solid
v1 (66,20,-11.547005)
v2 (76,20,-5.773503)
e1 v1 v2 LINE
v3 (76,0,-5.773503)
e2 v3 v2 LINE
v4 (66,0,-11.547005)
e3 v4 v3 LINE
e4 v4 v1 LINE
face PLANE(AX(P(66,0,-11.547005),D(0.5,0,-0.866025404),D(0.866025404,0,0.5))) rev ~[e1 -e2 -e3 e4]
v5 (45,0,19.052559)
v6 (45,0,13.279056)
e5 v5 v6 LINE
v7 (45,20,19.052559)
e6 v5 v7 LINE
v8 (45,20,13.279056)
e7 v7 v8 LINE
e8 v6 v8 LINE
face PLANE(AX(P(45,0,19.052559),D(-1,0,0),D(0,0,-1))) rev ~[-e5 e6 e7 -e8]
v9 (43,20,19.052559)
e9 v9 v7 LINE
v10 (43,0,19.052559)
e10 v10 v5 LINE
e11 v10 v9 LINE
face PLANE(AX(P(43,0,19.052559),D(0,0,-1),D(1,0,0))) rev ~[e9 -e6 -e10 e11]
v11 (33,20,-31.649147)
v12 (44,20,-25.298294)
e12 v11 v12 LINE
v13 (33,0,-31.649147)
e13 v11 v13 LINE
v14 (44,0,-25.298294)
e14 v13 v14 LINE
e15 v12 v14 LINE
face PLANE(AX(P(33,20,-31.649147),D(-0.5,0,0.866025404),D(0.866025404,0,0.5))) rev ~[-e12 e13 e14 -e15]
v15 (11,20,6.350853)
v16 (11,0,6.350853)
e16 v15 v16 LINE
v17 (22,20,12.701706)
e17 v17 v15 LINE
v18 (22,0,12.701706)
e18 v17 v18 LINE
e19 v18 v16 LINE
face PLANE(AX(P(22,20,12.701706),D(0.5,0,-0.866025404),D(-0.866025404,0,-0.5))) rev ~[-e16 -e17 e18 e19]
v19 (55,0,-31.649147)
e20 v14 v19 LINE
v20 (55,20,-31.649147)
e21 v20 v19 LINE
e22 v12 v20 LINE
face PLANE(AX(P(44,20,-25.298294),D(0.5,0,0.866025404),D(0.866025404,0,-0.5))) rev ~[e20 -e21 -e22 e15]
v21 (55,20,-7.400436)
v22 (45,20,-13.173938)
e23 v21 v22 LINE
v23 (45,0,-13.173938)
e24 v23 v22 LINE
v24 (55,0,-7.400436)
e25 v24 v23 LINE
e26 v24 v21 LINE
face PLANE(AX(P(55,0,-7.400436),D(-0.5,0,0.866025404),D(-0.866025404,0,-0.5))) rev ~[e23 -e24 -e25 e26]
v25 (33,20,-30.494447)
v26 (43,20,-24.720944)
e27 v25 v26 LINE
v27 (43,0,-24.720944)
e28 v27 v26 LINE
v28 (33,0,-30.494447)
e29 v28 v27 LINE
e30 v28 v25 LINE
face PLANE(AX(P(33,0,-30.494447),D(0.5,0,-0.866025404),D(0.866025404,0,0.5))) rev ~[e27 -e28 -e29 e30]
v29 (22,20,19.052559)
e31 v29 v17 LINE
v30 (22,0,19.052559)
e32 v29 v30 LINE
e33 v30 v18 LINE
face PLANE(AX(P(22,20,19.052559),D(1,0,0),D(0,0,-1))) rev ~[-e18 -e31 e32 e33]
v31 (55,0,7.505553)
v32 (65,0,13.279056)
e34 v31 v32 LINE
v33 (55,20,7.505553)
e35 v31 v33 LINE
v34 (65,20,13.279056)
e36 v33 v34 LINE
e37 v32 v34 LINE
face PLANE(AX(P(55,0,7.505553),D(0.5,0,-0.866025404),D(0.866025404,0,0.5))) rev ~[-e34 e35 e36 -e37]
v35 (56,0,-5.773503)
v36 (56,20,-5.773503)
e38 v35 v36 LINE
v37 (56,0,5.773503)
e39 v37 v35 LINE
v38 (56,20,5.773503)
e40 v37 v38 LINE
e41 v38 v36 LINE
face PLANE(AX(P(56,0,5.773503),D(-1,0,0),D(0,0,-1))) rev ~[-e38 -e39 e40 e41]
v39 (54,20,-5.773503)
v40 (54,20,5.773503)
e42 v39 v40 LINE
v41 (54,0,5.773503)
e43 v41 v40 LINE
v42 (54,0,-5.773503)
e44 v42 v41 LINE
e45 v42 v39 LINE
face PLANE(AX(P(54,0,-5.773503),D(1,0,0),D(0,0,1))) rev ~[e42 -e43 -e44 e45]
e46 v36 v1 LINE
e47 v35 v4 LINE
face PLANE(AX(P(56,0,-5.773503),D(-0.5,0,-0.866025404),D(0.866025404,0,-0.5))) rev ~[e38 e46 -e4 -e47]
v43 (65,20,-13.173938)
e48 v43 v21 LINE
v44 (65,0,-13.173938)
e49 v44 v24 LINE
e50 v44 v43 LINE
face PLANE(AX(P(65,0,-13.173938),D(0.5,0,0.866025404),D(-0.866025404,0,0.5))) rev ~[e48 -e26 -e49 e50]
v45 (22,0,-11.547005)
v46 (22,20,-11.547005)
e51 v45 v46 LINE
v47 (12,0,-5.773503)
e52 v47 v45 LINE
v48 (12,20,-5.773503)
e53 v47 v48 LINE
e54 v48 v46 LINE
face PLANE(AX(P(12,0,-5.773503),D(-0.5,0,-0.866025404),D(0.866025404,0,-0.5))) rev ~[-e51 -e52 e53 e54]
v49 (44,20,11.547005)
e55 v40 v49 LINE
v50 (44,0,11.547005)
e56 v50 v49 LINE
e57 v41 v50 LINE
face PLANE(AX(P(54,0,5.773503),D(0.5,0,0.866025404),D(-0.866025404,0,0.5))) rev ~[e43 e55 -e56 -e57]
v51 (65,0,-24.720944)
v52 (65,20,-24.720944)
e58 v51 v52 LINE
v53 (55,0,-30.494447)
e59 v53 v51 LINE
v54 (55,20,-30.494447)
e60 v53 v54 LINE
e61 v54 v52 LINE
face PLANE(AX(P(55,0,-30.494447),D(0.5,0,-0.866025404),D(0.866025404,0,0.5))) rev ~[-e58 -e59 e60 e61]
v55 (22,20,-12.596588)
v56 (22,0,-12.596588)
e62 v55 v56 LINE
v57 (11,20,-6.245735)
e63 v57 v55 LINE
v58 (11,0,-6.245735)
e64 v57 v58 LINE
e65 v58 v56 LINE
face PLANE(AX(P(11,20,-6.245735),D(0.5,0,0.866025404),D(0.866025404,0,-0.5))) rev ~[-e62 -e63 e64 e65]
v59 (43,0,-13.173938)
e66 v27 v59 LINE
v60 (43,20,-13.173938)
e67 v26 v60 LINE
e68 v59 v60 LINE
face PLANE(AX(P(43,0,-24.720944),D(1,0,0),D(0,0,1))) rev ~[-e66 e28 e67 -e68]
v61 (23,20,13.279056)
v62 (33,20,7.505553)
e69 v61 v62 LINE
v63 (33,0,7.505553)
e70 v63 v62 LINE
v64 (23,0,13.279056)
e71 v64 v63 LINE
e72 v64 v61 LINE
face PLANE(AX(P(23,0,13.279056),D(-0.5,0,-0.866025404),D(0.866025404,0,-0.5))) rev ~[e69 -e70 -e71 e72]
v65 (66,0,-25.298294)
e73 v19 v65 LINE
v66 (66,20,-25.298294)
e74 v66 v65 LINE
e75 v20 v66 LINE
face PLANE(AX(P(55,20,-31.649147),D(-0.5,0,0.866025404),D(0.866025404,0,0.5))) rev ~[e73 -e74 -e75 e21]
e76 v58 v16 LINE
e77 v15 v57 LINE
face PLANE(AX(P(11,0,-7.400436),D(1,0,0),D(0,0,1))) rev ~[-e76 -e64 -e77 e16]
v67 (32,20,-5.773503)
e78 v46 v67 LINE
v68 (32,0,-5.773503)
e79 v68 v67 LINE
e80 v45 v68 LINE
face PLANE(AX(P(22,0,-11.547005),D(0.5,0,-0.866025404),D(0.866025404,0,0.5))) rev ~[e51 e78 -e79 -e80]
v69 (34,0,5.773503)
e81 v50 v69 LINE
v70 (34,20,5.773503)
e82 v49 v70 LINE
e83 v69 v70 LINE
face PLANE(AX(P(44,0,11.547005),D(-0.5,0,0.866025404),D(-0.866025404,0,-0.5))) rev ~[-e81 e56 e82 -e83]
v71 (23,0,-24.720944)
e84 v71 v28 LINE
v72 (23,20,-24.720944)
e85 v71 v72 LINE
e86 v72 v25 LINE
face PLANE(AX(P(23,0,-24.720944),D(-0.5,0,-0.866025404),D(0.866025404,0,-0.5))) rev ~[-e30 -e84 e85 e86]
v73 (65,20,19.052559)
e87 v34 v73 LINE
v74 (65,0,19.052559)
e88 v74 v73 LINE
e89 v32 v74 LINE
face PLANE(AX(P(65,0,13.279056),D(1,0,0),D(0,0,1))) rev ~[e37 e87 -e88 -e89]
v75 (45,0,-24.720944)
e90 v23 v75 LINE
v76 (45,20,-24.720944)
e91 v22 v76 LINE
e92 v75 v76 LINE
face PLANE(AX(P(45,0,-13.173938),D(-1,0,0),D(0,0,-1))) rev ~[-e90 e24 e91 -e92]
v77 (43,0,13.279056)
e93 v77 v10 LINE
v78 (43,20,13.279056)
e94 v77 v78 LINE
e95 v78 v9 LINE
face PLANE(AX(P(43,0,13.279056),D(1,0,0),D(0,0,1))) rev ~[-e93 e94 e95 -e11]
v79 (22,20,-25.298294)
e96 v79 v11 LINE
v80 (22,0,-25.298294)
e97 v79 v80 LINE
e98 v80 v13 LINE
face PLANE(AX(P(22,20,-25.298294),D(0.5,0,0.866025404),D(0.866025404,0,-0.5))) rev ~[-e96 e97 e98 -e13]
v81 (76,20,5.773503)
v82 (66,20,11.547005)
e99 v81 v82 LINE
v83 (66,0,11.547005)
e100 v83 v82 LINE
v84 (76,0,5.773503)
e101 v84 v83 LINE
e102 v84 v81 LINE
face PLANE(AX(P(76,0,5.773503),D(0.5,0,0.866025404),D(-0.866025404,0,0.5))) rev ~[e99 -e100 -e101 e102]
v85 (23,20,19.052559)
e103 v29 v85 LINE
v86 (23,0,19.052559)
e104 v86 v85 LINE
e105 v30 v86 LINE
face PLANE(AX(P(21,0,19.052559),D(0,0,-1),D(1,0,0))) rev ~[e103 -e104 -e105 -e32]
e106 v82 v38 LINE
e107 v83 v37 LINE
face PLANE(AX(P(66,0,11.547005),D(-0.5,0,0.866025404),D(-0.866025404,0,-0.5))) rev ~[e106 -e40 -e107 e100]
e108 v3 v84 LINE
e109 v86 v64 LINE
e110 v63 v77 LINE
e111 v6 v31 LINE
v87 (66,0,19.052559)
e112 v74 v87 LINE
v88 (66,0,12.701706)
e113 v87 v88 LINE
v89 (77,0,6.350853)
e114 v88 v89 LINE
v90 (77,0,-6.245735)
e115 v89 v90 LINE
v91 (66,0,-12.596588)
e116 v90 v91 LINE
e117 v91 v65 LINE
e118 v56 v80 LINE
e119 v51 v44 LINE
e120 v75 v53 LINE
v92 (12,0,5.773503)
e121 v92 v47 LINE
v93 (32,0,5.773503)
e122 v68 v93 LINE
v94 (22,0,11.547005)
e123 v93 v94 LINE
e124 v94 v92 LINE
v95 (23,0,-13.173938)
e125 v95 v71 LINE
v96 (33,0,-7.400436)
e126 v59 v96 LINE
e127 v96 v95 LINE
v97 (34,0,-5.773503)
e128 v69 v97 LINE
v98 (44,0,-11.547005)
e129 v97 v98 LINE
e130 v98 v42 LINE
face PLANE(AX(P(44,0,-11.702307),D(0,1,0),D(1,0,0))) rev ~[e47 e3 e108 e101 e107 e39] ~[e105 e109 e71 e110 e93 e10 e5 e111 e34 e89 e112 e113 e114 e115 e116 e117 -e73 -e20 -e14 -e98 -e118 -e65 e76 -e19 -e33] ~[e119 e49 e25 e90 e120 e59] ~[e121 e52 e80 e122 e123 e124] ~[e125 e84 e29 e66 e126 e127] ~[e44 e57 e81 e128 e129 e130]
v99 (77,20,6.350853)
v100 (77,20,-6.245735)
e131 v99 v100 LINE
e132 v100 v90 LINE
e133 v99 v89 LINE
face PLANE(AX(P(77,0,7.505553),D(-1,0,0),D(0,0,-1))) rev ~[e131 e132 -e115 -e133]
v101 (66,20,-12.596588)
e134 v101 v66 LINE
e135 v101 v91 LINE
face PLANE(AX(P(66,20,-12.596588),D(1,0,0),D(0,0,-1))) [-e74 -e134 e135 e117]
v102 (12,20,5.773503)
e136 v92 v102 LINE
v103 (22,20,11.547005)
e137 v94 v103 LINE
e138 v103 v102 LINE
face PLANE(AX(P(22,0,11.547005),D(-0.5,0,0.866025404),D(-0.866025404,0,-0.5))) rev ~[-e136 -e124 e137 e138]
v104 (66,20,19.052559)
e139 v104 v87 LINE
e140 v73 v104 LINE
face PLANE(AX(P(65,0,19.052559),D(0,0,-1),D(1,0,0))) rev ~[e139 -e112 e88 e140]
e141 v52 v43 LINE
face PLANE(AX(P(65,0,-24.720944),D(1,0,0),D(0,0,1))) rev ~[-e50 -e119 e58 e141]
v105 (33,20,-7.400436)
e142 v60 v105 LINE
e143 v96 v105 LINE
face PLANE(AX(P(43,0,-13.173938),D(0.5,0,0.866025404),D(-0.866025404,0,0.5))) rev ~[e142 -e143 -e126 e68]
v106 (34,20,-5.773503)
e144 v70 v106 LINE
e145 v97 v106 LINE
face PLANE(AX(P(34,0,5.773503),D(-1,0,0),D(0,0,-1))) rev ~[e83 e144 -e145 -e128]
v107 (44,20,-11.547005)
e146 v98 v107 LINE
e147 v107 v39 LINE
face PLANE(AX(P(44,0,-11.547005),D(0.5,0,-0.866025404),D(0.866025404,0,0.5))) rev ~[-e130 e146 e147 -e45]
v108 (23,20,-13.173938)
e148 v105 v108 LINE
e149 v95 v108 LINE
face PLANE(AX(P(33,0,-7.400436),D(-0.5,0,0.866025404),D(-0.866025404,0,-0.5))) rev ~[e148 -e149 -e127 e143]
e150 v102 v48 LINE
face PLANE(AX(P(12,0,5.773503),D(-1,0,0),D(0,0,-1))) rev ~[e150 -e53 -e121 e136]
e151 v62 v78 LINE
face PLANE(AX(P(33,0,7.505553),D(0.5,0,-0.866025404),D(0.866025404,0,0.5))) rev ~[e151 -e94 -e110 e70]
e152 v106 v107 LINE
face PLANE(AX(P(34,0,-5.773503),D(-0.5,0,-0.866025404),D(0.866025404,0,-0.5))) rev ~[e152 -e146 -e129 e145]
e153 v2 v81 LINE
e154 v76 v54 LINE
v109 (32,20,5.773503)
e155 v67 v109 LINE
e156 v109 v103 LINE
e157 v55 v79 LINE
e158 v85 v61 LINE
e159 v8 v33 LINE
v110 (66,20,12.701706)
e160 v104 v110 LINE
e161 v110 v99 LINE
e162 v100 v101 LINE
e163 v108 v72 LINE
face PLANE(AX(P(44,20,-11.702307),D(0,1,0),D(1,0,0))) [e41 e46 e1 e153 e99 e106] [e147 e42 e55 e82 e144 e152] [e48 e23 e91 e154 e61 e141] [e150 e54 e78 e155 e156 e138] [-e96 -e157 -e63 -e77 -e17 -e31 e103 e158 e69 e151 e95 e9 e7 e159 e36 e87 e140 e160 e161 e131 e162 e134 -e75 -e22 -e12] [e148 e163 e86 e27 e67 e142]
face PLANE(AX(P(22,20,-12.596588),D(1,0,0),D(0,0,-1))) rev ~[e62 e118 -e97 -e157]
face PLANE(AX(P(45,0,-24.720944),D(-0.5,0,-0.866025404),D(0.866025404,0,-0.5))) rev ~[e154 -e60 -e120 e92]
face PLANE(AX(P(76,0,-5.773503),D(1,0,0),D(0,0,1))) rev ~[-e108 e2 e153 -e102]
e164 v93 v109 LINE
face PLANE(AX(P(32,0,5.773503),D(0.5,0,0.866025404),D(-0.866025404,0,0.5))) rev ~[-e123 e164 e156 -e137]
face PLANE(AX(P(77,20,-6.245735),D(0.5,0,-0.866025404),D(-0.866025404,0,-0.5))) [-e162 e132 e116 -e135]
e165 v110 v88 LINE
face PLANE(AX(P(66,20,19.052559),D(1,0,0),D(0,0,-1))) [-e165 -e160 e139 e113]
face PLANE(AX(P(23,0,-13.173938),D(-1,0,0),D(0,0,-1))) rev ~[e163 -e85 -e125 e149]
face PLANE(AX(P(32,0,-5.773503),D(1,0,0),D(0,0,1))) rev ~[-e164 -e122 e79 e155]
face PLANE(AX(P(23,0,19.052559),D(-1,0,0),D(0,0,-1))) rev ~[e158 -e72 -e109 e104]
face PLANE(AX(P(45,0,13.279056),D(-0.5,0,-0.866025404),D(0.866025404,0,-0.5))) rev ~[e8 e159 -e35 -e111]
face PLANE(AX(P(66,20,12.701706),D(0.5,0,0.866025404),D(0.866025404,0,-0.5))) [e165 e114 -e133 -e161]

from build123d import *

# Parameters (mm, degrees)
BOSS_EXTRUDE2_DEPTH = 20
CUT_EXTRUDE1_DEPTH  = 21
CUT_EXTRUDE2_DEPTH  = 21


with BuildPart() as part:
    # Sketch1 → Boss-Extrude2 (new body)
    with BuildSketch(Plane(origin=(0, 0, 0), x_dir=(1, 0, 0), z_dir=(0, 1, 0))):
        Polygon((21, -13.279056191), (21, -19.052558883), (23, -19.052558883), (23, -13.279056191), (33, -7.505553499), (43, -13.279056191), (43, -19.052558883), (45, -19.052558883), (45, -13.279056191), (55, -7.505553499), (65, -13.279056191), (65, -19.052558883), (67, -19.052558883), (67, -13.279056191), (77, -7.505553499), (77, 7.400435733), (67, 13.173938425), (67, 24.720943809), (77, 30.494446501), (77, 38), (76, 38), (76, 32.226497308), (66, 26.452994616), (56, 32.226497308), (56, 38), (54, 38), (54, 32.226497308), (44, 26.452994616), (34, 32.226497308), (34, 38), (32, 38), (32, 32.226497308), (22, 26.452994616), (12, 32.226497308), (12, 38), (11, 38), (11, 30.494446501), (21, 24.720943809), (21, 13.173938425), (11, 7.400435733), (11, -7.505553499), align=None)
        Polygon((12, 5.773502692), (22, 11.547005384), (32, 5.773502692), (32, -5.773502692), (22, -11.547005384), (12, -5.773502692), align=None, mode=Mode.SUBTRACT)
        Polygon((34, 5.773502692), (44, 11.547005384), (54, 5.773502692), (54, -5.773502692), (44, -11.547005384), (34, -5.773502692), align=None, mode=Mode.SUBTRACT)
        Polygon((56, 5.773502692), (66, 11.547005384), (76, 5.773502692), (76, -5.773502692), (66, -11.547005384), (56, -5.773502692), align=None, mode=Mode.SUBTRACT)
        Polygon((43, 13.173938425), (33, 7.400435733), (23, 13.173938425), (23, 24.720943809), (33, 30.494446501), (43, 24.720943809), align=None, mode=Mode.SUBTRACT)
        Polygon((65, 13.173938425), (55, 7.400435733), (45, 13.173938425), (45, 24.720943809), (55, 30.494446501), (65, 24.720943809), align=None, mode=Mode.SUBTRACT)
    extrude(amount=BOSS_EXTRUDE2_DEPTH)

    # Sketch2 → Cut-Extrude1 (cut, through all)
    with BuildSketch(Plane(origin=(0, 20, 0), x_dir=(1, 0, 0), z_dir=(0, 1, 0))):
        Polygon((11, 6.245735195), (22, 12.596588156), (22, 25.298294078), (11, 31.649147039), (2.295872016, -19.052558883), (22, -19.052558883), (22, -12.701705922), (11, -6.350852961), align=None)
        Polygon((77, 31.649147039), (85.704127984, -19.052558883), (66, -19.052558883), (66, -12.701705922), (77, -6.350852961), (77, 6.245735195), (66, 12.596588156), (66, 25.298294078), align=None)
    extrude(amount=-CUT_EXTRUDE1_DEPTH, mode=Mode.SUBTRACT)

    # Sketch4 → Cut-Extrude2 (cut, through all)
    with BuildSketch(Plane(origin=(0, 20, 0), x_dir=(1, 0, 0), z_dir=(0, 1, 0))):
        Polygon((22, 25.298294078), (33, 31.649147039), (44, 25.298294078), (55, 31.649147039), (66, 25.298294078), (77, 31.649147039), (77, 38), (11, 38), (11, 31.649147039), align=None)
    extrude(amount=-CUT_EXTRUDE2_DEPTH, mode=Mode.SUBTRACT)


solid = part.part
